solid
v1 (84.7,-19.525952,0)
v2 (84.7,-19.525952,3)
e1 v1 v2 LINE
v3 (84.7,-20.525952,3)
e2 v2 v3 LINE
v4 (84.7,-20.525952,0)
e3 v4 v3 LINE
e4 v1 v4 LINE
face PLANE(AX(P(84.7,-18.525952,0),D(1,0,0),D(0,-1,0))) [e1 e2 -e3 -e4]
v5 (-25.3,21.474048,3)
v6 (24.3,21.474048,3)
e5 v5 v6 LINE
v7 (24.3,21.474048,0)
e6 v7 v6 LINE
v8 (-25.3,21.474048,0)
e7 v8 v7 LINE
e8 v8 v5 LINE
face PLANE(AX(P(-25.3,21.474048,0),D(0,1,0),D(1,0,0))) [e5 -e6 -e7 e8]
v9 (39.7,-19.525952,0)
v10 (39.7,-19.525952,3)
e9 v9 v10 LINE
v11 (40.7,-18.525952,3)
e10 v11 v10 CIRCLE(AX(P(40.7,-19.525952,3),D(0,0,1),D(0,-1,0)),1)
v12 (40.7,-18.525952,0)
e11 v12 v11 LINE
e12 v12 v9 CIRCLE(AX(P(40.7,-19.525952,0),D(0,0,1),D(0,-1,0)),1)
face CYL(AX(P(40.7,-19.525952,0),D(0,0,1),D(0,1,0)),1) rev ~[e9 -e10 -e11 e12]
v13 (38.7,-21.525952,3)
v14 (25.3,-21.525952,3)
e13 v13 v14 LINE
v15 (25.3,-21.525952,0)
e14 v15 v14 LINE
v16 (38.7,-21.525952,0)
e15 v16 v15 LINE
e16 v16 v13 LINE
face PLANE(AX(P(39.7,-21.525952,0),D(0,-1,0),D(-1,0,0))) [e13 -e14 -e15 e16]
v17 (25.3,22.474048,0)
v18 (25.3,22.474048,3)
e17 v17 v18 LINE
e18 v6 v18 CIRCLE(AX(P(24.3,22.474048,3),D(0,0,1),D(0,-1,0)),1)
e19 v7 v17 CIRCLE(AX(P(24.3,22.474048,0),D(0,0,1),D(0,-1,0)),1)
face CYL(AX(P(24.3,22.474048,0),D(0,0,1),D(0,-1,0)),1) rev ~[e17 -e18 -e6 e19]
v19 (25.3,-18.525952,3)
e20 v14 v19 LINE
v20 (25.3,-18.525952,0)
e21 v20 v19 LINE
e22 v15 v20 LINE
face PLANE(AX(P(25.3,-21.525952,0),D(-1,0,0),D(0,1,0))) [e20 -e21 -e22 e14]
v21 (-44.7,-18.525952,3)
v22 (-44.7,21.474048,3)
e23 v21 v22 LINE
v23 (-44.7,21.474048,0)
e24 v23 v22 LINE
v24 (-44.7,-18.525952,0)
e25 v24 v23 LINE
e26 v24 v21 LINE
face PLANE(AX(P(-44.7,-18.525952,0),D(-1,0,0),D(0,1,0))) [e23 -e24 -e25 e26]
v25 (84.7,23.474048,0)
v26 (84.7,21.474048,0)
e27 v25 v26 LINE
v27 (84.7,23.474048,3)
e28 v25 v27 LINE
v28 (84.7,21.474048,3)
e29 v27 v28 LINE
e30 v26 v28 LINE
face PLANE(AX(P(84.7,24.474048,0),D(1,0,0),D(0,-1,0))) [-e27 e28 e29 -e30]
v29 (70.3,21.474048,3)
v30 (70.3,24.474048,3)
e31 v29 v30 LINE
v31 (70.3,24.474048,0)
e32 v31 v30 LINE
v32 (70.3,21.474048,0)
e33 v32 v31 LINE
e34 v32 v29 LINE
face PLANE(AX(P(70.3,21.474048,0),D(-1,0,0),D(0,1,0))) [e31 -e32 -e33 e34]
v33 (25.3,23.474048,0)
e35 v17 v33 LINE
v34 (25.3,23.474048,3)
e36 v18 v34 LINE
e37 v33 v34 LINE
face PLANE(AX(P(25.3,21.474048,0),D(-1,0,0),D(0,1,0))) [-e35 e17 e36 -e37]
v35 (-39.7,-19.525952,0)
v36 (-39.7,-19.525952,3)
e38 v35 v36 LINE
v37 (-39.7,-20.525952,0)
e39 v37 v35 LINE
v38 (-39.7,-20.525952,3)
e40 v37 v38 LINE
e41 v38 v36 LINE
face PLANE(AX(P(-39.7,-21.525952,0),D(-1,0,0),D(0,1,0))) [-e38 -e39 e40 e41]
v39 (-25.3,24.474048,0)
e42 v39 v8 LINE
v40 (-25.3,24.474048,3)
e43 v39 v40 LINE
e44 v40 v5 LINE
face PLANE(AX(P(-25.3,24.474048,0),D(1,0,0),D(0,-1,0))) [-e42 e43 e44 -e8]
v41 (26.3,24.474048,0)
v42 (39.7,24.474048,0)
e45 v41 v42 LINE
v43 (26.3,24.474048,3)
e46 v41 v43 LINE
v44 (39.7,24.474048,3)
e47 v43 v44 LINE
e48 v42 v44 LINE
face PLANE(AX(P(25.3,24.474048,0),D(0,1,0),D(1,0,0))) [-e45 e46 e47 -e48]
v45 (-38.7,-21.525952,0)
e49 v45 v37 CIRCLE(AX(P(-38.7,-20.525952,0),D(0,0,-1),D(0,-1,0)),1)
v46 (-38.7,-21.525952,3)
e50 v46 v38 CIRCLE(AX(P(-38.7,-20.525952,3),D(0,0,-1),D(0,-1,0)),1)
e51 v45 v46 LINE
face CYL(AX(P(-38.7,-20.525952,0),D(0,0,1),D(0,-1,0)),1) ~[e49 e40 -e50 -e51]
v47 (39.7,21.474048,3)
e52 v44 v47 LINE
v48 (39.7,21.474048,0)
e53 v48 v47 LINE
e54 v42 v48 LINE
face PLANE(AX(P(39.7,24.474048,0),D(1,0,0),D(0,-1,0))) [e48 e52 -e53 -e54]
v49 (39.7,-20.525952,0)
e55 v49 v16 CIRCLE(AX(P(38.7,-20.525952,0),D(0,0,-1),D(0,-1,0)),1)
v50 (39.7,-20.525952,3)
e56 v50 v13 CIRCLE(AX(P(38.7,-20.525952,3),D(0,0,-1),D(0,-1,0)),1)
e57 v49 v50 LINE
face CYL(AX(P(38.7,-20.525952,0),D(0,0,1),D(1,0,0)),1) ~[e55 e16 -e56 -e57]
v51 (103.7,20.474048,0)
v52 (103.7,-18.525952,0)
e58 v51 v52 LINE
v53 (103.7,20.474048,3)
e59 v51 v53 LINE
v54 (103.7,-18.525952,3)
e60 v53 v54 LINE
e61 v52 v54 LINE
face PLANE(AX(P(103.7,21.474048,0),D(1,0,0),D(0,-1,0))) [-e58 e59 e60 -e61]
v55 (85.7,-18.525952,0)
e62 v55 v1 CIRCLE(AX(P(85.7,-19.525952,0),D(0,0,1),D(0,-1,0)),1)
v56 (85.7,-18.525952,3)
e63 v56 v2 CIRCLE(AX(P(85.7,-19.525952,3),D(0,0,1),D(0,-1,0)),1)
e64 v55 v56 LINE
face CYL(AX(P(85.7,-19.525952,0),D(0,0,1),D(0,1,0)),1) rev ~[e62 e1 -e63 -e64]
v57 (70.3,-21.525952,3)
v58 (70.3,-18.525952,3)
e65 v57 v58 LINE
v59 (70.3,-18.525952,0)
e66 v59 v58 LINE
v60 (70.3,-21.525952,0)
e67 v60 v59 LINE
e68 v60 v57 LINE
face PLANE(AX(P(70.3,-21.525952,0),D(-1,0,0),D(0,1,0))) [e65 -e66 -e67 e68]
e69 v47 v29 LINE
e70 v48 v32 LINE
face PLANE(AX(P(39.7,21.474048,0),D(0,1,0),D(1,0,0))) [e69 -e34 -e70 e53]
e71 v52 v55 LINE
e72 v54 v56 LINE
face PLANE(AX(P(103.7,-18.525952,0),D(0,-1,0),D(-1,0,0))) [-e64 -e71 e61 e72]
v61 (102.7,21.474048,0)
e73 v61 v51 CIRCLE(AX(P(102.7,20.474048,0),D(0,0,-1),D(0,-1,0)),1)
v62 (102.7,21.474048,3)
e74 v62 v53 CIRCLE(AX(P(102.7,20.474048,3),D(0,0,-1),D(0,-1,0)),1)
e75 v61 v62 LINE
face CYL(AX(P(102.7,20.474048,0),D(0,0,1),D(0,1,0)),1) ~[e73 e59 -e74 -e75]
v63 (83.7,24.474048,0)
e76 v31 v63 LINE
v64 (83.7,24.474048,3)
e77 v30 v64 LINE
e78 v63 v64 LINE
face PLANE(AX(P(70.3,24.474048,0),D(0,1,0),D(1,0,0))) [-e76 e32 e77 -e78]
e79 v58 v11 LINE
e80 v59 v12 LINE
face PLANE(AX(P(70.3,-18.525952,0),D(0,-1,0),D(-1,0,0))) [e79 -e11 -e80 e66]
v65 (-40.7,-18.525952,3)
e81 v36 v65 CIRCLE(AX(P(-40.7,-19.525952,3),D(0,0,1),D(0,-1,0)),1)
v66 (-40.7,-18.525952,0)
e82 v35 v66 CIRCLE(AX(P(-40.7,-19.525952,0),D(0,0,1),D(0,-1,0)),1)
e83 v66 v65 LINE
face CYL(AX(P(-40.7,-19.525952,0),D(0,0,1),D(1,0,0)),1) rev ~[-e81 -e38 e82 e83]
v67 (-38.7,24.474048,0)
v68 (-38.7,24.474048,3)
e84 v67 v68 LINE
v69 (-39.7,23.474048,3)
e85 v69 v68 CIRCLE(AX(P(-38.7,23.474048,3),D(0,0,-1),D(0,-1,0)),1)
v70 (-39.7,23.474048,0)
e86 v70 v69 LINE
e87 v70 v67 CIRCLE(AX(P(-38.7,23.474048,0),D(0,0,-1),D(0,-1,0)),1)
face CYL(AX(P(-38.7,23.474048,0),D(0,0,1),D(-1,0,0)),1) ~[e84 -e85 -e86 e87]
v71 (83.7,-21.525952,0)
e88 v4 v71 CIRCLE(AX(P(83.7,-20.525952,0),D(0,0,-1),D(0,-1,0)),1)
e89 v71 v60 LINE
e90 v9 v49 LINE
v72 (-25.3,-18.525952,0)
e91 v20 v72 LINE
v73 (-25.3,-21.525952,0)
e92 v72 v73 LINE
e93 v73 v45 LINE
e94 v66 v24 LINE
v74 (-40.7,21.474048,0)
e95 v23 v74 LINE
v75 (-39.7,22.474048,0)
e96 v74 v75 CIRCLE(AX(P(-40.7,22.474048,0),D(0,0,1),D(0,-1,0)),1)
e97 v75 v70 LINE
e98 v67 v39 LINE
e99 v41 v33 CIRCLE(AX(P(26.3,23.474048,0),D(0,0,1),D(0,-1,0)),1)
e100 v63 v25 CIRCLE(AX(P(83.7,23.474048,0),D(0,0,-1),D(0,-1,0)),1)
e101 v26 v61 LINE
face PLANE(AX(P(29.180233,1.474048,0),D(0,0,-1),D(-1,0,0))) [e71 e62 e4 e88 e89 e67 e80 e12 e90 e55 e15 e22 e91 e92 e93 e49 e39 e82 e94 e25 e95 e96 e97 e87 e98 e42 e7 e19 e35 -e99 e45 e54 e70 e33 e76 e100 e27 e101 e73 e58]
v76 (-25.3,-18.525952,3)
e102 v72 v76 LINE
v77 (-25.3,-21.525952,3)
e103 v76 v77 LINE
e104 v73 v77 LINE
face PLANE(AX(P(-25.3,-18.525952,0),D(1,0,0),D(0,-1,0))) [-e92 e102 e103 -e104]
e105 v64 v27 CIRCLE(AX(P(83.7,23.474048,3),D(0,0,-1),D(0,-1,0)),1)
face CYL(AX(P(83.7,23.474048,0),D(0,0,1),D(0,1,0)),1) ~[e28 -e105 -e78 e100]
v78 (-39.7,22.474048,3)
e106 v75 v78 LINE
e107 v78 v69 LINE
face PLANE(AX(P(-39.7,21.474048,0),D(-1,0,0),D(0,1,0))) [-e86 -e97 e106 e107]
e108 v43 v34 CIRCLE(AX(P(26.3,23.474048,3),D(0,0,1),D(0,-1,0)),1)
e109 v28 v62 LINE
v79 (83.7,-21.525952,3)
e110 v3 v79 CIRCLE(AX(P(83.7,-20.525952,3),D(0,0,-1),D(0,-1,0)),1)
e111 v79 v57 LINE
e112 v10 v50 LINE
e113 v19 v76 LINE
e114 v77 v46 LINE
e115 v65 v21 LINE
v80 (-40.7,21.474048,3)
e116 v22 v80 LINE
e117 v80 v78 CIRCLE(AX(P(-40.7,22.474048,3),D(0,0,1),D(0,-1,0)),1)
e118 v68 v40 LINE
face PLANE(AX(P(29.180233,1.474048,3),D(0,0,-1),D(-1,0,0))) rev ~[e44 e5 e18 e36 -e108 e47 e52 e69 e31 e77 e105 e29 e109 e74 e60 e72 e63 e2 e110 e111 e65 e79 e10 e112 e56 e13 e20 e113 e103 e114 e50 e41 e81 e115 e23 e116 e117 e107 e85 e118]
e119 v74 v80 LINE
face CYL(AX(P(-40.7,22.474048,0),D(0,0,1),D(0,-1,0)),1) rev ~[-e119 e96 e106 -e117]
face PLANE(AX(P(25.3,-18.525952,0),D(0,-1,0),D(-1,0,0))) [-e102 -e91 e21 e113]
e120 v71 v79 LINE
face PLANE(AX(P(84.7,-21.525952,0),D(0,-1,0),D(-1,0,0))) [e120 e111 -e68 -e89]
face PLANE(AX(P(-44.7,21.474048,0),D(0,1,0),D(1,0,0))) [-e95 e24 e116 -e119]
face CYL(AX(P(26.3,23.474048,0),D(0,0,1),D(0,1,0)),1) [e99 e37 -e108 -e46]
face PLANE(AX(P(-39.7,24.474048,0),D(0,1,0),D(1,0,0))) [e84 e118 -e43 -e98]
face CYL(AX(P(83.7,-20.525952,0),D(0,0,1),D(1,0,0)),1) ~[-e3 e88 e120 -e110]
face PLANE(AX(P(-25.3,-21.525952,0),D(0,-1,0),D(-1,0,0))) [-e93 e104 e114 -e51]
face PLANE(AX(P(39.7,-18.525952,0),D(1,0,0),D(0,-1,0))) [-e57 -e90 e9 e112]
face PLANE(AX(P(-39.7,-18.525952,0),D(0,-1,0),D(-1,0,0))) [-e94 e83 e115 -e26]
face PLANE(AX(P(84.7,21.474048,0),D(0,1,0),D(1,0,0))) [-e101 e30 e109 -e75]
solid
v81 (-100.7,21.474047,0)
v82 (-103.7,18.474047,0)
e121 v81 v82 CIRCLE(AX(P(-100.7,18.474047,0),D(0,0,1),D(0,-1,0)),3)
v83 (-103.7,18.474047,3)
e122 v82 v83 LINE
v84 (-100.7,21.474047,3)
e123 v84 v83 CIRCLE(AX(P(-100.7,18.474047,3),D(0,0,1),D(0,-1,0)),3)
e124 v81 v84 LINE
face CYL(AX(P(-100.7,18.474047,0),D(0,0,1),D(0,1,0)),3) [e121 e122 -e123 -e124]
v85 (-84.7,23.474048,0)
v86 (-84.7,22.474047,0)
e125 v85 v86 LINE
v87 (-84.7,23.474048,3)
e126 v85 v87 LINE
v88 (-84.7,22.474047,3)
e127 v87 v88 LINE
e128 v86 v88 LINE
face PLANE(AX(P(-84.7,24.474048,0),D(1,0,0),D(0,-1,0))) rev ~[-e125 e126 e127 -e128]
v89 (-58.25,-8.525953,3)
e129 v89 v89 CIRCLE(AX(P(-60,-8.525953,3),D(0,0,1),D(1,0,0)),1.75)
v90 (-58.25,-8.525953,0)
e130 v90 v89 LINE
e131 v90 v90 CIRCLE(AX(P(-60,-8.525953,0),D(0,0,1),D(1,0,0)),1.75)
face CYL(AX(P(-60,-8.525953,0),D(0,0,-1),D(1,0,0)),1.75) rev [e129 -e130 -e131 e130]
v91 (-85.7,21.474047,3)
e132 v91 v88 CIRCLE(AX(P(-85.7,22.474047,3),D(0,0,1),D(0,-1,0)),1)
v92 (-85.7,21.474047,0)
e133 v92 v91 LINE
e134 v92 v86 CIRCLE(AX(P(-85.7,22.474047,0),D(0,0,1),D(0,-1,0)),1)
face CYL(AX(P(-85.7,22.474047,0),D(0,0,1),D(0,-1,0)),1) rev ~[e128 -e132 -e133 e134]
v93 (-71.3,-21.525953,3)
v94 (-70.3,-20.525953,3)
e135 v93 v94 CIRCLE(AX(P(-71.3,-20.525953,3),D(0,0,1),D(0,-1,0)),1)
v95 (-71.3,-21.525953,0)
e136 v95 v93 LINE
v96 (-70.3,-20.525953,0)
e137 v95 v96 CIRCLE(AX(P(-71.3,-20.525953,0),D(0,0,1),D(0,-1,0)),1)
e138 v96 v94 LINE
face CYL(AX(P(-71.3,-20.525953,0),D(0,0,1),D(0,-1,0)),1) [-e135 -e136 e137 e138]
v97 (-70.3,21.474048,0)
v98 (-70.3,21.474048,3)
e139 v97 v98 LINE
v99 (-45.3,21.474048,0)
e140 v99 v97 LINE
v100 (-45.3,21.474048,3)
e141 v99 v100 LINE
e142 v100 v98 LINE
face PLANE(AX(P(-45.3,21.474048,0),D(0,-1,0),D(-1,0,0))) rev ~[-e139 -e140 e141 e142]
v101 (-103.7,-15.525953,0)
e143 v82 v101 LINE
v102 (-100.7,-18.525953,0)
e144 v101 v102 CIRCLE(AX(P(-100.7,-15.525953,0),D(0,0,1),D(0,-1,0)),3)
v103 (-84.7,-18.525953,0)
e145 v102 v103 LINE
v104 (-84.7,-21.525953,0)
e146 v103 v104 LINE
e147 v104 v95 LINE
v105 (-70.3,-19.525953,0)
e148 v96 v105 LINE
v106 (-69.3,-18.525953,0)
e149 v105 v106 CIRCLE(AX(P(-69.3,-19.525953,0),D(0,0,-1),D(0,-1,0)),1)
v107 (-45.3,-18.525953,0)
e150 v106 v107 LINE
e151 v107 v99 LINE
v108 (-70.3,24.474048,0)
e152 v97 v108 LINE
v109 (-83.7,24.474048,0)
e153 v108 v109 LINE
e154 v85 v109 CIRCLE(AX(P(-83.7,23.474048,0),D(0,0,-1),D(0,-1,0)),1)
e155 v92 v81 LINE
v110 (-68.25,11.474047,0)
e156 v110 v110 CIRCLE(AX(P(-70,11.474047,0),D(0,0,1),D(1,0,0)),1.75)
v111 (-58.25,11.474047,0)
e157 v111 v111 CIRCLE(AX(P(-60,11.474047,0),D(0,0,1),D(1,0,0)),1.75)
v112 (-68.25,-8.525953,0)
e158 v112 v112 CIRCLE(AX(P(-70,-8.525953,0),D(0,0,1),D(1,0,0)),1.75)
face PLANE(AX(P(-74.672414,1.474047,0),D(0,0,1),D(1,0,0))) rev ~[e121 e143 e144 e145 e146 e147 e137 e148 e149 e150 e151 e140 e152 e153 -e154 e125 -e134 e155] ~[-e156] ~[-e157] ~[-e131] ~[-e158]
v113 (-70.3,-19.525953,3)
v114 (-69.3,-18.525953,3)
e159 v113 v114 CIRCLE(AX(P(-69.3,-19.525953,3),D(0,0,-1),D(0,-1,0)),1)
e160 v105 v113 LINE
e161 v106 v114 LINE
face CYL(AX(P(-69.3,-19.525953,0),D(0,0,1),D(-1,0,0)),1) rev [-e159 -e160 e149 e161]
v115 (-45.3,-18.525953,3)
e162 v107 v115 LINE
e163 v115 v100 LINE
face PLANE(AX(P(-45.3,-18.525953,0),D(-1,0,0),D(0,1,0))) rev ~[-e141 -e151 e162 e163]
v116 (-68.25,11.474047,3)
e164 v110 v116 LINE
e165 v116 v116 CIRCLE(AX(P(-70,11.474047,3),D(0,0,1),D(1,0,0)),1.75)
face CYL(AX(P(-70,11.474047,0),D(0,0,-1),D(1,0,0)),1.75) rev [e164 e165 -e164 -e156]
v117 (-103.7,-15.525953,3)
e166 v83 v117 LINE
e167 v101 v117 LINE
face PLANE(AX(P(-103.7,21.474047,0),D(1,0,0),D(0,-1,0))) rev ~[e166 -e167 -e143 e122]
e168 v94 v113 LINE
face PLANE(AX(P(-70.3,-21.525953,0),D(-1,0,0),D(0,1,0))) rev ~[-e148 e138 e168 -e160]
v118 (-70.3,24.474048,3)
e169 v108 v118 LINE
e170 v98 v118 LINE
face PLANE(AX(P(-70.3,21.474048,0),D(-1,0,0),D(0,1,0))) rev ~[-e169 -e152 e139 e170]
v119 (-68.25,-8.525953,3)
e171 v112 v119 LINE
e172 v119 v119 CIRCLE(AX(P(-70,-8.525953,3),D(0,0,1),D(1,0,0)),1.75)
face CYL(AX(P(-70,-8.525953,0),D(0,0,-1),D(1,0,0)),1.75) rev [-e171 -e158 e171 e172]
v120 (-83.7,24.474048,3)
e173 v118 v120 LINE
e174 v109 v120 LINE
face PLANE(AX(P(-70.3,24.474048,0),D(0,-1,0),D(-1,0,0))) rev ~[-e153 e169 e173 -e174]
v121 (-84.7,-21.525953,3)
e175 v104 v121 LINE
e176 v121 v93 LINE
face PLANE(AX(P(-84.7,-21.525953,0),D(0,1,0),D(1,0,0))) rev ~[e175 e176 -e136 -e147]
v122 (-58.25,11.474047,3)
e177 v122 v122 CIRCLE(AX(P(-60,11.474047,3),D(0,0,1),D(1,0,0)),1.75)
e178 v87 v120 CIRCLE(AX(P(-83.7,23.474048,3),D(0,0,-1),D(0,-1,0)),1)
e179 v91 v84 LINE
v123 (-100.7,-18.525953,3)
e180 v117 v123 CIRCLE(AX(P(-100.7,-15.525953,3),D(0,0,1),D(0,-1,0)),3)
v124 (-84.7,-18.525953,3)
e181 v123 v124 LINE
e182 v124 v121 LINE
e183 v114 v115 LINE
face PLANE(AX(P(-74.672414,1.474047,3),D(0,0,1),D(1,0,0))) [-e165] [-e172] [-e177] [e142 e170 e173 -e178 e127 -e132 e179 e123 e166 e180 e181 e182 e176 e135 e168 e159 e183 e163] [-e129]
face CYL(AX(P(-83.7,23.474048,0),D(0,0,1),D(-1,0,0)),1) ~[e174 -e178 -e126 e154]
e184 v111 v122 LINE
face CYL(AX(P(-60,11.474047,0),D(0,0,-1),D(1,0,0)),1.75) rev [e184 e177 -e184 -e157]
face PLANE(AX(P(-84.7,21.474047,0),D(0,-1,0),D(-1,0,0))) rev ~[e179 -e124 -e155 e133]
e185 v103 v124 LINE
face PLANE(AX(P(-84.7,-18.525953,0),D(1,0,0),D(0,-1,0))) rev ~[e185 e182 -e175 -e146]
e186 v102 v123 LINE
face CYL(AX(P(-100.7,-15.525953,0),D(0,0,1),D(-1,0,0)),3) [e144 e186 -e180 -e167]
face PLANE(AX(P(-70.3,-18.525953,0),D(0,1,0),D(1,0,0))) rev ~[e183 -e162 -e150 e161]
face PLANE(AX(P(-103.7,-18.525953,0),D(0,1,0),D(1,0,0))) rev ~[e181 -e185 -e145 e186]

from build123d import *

# Parameters (mm, degrees)
SKETCH_R    = 1.75
PAD_DEPTH   = 3
FILLET_R    = 1
FILLET001_R = 3


with BuildPart() as part:
    # Sketch → Pad (new body)
    with BuildSketch(Plane.XY):
        Polygon((25.3, 24.474048), (39.7, 24.474048), (39.7, 21.474048), (70.3, 21.474048), (70.3, 24.474048), (84.7, 24.474048), (84.7, 21.474048), (103.7, 21.474048), (103.7, -18.525952), (84.7, -18.525952), (84.7, -21.525952), (70.3, -21.525952), (70.3, -18.525952), (39.7, -18.525952), (39.7, -21.525952), (25.3, -21.525952), (25.3, -18.525952), (-25.3, -18.525952), (-25.3, -21.525952), (-39.7, -21.525952), (-39.7, -18.525952), (-44.7, -18.525952), (-44.7, 21.474048), (-39.7, 21.474048), (-39.7, 24.474048), (-25.3, 24.474048), (-25.3, 21.474048), (25.3, 21.474048), align=None)
        Polygon((-103.7, 21.474047), (-103.7, -18.525953), (-84.7, -18.525953), (-84.7, -21.525953), (-70.3, -21.525953), (-70.3, -18.525953), (-45.3, -18.525953), (-45.3, 21.474048), (-70.3, 21.474048), (-70.3, 24.474048), (-84.7, 24.474048), (-84.7, 21.474047), align=None)
        with Locations((-70, 11.474047)):
            Circle(SKETCH_R, mode=Mode.SUBTRACT)
        with Locations((-70, -8.525953)):
            Circle(SKETCH_R, mode=Mode.SUBTRACT)
        with Locations((-60, -8.525953)):
            Circle(SKETCH_R, mode=Mode.SUBTRACT)
        with Locations((-60, 11.474047)):
            Circle(SKETCH_R, mode=Mode.SUBTRACT)
    extrude(amount=PAD_DEPTH)

    # Fillet
    fillet_edges = [part.edges().sort_by_distance(p)[0] for p in [
        (103.7, 21.474048, 1.5),
        (84.7, 24.474048, 1.5),
        (25.3, 24.474048, 1.5),
        (25.3, 21.474048, 1.5),
        (-39.7, 24.474048, 1.5),
        (-39.7, 21.474048, 1.5),
        (-39.7, -18.525952, 1.5),
        (-39.7, -21.525952, 1.5),
        (39.7, -21.525952, 1.5),
        (39.7, -18.525952, 1.5),
        (84.7, -21.525952, 1.5),
        (84.7, -18.525952, 1.5),
        (-70.3, -18.525953, 1.5),
        (-70.3, -21.525953, 1.5),
        (-84.7, 21.474047, 1.5),
        (-84.7, 24.474048, 1.5),
    ]]
    fillet(fillet_edges, radius=FILLET_R)

    # Fillet001
    fillet001_edges = [part.edges().sort_by_distance(p)[0] for p in [
        (-38.7, 24.474048, 1.5),
        (-39.7, 23.474048, 1.5),
        (-103.7, -18.525953, 1.5),
        (-103.7, 21.474047, 1.5),
    ]]
    fillet(fillet001_edges, radius=FILLET001_R)


solid = part.part
